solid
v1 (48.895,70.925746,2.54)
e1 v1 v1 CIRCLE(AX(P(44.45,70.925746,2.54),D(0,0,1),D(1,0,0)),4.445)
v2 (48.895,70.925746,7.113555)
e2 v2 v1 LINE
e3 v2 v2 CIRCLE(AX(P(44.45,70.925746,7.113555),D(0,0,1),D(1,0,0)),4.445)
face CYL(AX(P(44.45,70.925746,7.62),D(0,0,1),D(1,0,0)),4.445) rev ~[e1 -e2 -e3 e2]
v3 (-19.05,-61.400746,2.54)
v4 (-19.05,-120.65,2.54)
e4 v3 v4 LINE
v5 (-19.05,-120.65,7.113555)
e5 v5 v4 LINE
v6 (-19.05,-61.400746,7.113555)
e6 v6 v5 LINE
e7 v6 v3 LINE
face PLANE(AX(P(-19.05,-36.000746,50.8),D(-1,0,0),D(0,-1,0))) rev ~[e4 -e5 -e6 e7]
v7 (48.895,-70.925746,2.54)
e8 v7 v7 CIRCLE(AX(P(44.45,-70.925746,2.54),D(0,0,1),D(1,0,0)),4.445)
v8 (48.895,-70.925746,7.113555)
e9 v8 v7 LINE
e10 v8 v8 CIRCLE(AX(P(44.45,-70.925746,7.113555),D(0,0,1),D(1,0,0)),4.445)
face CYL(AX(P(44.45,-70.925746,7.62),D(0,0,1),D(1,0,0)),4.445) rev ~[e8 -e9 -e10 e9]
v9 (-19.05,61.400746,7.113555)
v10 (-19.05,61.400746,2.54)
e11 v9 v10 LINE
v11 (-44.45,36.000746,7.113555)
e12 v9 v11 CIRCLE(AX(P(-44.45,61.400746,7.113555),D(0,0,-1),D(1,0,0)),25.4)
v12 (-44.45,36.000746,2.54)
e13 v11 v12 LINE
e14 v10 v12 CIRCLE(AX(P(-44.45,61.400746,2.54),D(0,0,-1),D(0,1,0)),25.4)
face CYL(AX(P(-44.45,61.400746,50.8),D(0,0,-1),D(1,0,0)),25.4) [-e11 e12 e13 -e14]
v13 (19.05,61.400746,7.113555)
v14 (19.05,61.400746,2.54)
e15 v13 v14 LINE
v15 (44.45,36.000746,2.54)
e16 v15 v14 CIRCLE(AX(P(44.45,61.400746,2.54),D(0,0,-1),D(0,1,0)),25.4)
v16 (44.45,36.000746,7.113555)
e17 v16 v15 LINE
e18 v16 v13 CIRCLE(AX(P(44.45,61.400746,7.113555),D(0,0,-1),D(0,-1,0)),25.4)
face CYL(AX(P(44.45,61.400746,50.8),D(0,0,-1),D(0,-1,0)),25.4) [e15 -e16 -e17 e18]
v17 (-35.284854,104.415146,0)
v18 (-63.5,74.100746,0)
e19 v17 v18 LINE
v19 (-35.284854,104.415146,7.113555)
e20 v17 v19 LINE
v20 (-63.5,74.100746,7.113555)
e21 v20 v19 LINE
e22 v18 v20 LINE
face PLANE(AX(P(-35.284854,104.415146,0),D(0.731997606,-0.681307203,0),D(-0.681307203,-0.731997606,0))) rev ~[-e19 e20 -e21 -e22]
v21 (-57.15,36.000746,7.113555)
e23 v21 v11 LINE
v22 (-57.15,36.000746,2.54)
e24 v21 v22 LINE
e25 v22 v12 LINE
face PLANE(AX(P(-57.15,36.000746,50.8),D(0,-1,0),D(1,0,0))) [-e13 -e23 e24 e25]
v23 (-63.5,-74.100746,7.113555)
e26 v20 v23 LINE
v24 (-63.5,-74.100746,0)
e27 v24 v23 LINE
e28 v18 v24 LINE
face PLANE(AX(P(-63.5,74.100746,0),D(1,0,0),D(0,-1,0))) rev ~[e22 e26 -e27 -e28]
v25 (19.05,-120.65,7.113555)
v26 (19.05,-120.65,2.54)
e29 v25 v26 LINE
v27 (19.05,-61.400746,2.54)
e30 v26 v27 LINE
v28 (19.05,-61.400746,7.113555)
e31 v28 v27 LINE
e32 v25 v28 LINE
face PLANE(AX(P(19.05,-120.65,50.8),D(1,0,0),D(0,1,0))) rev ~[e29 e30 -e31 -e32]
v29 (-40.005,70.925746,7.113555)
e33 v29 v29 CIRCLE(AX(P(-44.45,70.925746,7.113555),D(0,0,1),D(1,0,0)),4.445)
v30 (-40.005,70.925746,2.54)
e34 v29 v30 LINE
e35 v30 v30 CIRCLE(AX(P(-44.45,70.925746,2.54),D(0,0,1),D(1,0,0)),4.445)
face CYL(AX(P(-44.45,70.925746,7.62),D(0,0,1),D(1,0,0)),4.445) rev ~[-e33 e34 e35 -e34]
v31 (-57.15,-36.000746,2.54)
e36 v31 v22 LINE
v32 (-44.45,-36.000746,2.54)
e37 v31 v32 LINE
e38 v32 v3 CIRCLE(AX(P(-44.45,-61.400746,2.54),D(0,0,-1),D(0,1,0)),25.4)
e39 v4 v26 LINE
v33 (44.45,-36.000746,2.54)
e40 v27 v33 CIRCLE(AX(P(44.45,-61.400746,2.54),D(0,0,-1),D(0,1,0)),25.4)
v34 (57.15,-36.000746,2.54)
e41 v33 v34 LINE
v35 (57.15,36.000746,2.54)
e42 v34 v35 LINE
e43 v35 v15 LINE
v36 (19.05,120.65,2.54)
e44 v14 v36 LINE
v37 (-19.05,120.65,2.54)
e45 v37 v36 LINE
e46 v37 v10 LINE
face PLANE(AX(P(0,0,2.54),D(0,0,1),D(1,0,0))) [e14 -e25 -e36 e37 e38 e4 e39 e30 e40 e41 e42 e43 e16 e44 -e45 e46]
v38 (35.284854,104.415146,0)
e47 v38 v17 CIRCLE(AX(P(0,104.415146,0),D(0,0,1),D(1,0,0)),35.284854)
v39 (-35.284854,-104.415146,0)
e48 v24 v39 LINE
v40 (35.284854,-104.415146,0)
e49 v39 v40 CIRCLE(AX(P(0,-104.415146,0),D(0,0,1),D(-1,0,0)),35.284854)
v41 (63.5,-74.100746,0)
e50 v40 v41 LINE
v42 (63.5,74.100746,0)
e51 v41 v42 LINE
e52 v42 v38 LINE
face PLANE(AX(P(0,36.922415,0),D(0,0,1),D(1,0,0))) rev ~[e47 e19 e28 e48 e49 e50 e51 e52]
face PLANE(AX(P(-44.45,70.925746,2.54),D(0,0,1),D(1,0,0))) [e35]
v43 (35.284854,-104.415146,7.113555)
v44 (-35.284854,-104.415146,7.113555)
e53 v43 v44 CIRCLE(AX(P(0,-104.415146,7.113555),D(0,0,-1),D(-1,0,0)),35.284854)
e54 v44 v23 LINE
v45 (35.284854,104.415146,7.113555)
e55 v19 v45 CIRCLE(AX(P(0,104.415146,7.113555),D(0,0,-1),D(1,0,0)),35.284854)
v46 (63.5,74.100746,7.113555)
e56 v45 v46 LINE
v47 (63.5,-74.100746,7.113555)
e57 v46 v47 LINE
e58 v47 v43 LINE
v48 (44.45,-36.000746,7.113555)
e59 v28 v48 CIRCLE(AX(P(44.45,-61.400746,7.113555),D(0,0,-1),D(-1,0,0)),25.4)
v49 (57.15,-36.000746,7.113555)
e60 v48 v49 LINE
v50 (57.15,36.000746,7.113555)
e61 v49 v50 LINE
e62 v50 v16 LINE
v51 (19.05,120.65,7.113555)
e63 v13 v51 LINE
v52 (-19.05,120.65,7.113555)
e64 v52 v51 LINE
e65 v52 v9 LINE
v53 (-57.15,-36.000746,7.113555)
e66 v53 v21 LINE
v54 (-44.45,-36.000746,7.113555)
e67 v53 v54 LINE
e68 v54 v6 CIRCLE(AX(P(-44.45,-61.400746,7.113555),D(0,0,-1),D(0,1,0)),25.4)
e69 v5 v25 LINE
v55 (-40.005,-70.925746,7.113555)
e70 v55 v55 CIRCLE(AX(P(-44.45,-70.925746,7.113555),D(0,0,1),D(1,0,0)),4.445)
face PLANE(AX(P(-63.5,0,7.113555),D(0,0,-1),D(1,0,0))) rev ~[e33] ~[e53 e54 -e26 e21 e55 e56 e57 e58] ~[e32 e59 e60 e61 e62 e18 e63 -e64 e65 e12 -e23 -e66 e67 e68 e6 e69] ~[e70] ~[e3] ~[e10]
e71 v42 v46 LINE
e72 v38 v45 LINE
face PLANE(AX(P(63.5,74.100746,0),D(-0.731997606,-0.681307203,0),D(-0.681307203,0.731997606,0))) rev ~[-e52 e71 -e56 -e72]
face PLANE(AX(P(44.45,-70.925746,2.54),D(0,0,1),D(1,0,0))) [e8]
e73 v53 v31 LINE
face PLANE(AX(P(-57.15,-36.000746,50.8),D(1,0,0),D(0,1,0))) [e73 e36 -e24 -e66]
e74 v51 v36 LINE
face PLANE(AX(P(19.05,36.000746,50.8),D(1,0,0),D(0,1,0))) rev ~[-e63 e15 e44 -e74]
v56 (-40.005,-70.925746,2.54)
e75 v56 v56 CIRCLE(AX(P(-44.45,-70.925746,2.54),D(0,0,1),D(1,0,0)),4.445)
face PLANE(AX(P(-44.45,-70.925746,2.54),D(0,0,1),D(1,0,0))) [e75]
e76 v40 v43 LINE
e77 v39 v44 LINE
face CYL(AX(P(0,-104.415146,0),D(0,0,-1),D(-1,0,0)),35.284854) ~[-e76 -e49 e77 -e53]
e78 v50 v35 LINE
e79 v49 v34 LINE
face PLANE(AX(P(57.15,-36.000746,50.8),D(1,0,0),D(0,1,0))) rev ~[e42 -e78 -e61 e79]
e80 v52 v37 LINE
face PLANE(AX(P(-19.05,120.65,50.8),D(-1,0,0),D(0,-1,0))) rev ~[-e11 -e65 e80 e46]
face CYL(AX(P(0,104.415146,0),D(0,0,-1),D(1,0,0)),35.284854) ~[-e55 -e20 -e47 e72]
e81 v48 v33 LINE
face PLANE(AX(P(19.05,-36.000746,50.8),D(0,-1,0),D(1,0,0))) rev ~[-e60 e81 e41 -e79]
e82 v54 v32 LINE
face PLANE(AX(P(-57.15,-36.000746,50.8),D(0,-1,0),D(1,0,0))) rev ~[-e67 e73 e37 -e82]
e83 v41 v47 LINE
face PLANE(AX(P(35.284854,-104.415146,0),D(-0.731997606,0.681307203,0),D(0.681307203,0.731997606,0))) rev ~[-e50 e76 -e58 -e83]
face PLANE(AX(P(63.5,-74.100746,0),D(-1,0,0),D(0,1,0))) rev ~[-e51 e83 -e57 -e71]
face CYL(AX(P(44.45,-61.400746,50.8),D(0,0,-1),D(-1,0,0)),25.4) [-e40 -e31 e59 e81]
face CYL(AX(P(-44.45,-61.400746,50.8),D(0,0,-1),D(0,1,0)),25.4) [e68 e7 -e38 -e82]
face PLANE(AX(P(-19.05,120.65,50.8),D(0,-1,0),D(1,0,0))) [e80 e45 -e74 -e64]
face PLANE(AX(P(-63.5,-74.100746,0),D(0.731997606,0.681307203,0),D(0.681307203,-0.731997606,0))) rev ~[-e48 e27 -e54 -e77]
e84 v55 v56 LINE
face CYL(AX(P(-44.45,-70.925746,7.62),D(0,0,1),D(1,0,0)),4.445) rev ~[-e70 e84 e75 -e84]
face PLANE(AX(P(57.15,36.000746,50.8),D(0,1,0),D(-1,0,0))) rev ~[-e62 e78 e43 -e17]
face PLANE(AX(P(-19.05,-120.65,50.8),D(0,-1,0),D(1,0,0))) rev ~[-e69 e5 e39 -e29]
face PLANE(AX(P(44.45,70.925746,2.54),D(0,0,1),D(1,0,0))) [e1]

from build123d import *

# Parameters (mm, degrees)
F1_DEPTH      = 50.8
F2_W          = 31.75
F2_H          = 35.56
F2_W_2        = 25.4
F3_DEPTH      = 38.1
F4_W          = 31.75
F4_H          = 35.56
F4_W_2        = 25.4
F5_DEPTH      = 38.1
F6_R          = 4.445
F7_DEPTH      = 43.181
F7_DEPTH_BACK = 5.08
F8_W          = 38.1
F8_H          = 72.0014913142
F8_H_2        = 84.6492543429
F9_DEPTH      = 48.26
F10_R         = 25.4
F11_W         = 133.5816735625
F11_H         = 43.6864450194
F12_DEPTH     = 176.022


with BuildPart() as f1:
    # F0 (on Top) → F1 (new body)
    with BuildSketch(Plane.XY):
        with BuildLine():
            Line((63.5, 74.1007456571), (18.0570790654, 74.1007456571))
            ThreePointArc((18.0570790654, 74.1007456571), (0, 69.1302912268), (-18.0570790654, 74.1007456571))
            Line((-18.0570790654, 74.1007456571), (-63.5, 74.1007456571))
            Line((-63.5, 74.1007456571), (-63.5, 0))
            Line((-63.5, 0), (63.5, 0))
            Line((63.5, 0), (63.5, 74.1007456571))
        make_face()
        with BuildLine():
            Line((63.5, -74.1007456571), (63.5, 0))
            Line((63.5, 0), (-63.5, 0))
            Line((-63.5, 0), (-63.5, -74.1007456571))
            Line((-63.5, -74.1007456571), (-18.0570790654, -74.1007456571))
            ThreePointArc((-18.0570790654, -74.1007456571), (0, -69.1302912268), (18.0570790654, -74.1007456571))
            Line((18.0570790654, -74.1007456571), (63.5, -74.1007456571))
        make_face()
        with BuildLine():
            ThreePointArc((35.2848543866, -104.4151456134), (30.6770464236, -86.9812770867), (18.0570790654, -74.1007456571))
            ThreePointArc((18.0570790654, -74.1007456571), (0, -69.1302912268), (-18.0570790654, -74.1007456571))
            ThreePointArc((-18.0570790654, -74.1007456571), (-30.6770464236, -86.9812770867), (-35.2848543866, -104.4151456134))
            ThreePointArc((-35.2848543866, -104.4151456134), (0, -139.7), (35.2848543866, -104.4151456134))
        make_face()
        with BuildLine():
            Line((-18.0570790654, -74.1007456571), (-63.5, -74.1007456571))
            Line((-63.5, -74.1007456571), (-35.2848543866, -104.4151456134))
            ThreePointArc((-35.2848543866, -104.4151456134), (-30.6770464236, -86.9812770867), (-18.0570790654, -74.1007456571))
        make_face()
        with BuildLine():
            Line((35.2848543866, -104.4151456134), (63.5, -74.1007456571))
            Line((63.5, -74.1007456571), (18.0570790654, -74.1007456571))
            ThreePointArc((18.0570790654, -74.1007456571), (30.6770464236, -86.9812770867), (35.2848543866, -104.4151456134))
        make_face()
        with BuildLine():
            ThreePointArc((18.0570790654, 74.1007456571), (30.6770464236, 86.9812770867), (35.2848543866, 104.4151456134))
            ThreePointArc((35.2848543866, 104.4151456134), (0, 139.7), (-35.2848543866, 104.4151456134))
            ThreePointArc((-35.2848543866, 104.4151456134), (-30.6770464236, 86.9812770867), (-18.0570790654, 74.1007456571))
            ThreePointArc((-18.0570790654, 74.1007456571), (0, 69.1302912268), (18.0570790654, 74.1007456571))
        make_face()
        with BuildLine():
            Line((63.5, 74.1007456571), (35.2848543866, 104.4151456134))
            ThreePointArc((35.2848543866, 104.4151456134), (30.6770464236, 86.9812770867), (18.0570790654, 74.1007456571))
            Line((18.0570790654, 74.1007456571), (63.5, 74.1007456571))
        make_face()
        with BuildLine():
            ThreePointArc((-18.0570790654, 74.1007456571), (-30.6770464236, 86.9812770867), (-35.2848543866, 104.4151456134))
            Line((-35.2848543866, 104.4151456134), (-63.5, 74.1007456571))
            Line((-63.5, 74.1007456571), (-18.0570790654, 74.1007456571))
        make_face()
    extrude(amount=F1_DEPTH)

    # F2 (on face) → F3 (cut)
    with BuildSketch(Plane.YZ.offset(63.5)):
        with Locations((-58.2257456571, 25.4)):
            Rectangle(F2_W, F2_H)
        with Locations((-86.8007456571, 25.4)):
            Rectangle(F2_W_2, F2_H)
        with Locations((86.8007456571, 25.4)):
            Rectangle(F2_W_2, F2_H)
        with Locations((58.2257456571, 25.4)):
            Rectangle(F2_W, F2_H)
    extrude(amount=-F3_DEPTH, mode=Mode.SUBTRACT)

    # F4 (on face) → F5 (cut)
    with BuildSketch(Plane(origin=(-63.5, 0, 0), x_dir=(0, -1, 0), z_dir=(-1, 0, 0))):
        with Locations((-58.2257456571, 25.4)):
            Rectangle(F4_W, F4_H)
        with Locations((-86.8007456571, 25.4)):
            Rectangle(F4_W_2, F4_H)
        with Locations((58.2257456571, 25.4)):
            Rectangle(F4_W, F4_H)
        with Locations((86.8007456571, 25.4)):
            Rectangle(F4_W_2, F4_H)
    extrude(amount=-F5_DEPTH, mode=Mode.SUBTRACT)

    # F6 (on face) → F7 (cut, two sides)
    with BuildSketch(Plane.XY.offset(7.62)) as f7_sk:
        with Locations((-44.45, 70.9257456571)):
            Circle(F6_R)
        with Locations((-44.45, -70.9257456571)):
            Circle(F6_R)
        with Locations((44.45, 70.9257456571)):
            Circle(F6_R)
        with Locations((44.45, -70.9257456571)):
            Circle(F6_R)
    extrude(amount=F7_DEPTH, mode=Mode.SUBTRACT)
    extrude(f7_sk.sketch, amount=-F7_DEPTH_BACK, mode=Mode.SUBTRACT)

    # F8 (on face) → F9 (cut)
    with BuildSketch(Plane.XY.offset(50.8)):
        Rectangle(F8_W, F8_H)
        with Locations((38.1, 0)):
            Rectangle(F8_W, F8_H)
        with Locations((0, -78.3253728285)):
            Rectangle(F8_W, F8_H_2)
        with Locations((0, 78.3253728285)):
            Rectangle(F8_W, F8_H_2)
        with Locations((-38.1, 0)):
            Rectangle(F8_W, F8_H)
    extrude(amount=-F9_DEPTH, mode=Mode.SUBTRACT)

    # F10
    f10_edges = [f1.edges().sort_by_distance(p)[0] for p in [
        (-25.4, 42.350746, 25.4),
        (-25.4, -42.350746, 25.4),
        (25.4, -42.350746, 25.4),
        (25.4, 42.350746, 25.4),
        (19.05, -36.000746, 26.67),
        (-19.05, -36.000746, 26.67),
        (19.05, 36.000746, 26.67),
        (-19.05, 36.000746, 26.67),
    ]]
    fillet(f10_edges, radius=F10_R)

    # F11 (on Front) → F12 (cut, symmetric)
    with BuildSketch(Plane.XZ):
        with Locations((3.2908367813, 28.9567774903)):
            Rectangle(F11_W, F11_H)
    extrude(amount=F12_DEPTH, both=True, mode=Mode.SUBTRACT)


solid = f1.part
